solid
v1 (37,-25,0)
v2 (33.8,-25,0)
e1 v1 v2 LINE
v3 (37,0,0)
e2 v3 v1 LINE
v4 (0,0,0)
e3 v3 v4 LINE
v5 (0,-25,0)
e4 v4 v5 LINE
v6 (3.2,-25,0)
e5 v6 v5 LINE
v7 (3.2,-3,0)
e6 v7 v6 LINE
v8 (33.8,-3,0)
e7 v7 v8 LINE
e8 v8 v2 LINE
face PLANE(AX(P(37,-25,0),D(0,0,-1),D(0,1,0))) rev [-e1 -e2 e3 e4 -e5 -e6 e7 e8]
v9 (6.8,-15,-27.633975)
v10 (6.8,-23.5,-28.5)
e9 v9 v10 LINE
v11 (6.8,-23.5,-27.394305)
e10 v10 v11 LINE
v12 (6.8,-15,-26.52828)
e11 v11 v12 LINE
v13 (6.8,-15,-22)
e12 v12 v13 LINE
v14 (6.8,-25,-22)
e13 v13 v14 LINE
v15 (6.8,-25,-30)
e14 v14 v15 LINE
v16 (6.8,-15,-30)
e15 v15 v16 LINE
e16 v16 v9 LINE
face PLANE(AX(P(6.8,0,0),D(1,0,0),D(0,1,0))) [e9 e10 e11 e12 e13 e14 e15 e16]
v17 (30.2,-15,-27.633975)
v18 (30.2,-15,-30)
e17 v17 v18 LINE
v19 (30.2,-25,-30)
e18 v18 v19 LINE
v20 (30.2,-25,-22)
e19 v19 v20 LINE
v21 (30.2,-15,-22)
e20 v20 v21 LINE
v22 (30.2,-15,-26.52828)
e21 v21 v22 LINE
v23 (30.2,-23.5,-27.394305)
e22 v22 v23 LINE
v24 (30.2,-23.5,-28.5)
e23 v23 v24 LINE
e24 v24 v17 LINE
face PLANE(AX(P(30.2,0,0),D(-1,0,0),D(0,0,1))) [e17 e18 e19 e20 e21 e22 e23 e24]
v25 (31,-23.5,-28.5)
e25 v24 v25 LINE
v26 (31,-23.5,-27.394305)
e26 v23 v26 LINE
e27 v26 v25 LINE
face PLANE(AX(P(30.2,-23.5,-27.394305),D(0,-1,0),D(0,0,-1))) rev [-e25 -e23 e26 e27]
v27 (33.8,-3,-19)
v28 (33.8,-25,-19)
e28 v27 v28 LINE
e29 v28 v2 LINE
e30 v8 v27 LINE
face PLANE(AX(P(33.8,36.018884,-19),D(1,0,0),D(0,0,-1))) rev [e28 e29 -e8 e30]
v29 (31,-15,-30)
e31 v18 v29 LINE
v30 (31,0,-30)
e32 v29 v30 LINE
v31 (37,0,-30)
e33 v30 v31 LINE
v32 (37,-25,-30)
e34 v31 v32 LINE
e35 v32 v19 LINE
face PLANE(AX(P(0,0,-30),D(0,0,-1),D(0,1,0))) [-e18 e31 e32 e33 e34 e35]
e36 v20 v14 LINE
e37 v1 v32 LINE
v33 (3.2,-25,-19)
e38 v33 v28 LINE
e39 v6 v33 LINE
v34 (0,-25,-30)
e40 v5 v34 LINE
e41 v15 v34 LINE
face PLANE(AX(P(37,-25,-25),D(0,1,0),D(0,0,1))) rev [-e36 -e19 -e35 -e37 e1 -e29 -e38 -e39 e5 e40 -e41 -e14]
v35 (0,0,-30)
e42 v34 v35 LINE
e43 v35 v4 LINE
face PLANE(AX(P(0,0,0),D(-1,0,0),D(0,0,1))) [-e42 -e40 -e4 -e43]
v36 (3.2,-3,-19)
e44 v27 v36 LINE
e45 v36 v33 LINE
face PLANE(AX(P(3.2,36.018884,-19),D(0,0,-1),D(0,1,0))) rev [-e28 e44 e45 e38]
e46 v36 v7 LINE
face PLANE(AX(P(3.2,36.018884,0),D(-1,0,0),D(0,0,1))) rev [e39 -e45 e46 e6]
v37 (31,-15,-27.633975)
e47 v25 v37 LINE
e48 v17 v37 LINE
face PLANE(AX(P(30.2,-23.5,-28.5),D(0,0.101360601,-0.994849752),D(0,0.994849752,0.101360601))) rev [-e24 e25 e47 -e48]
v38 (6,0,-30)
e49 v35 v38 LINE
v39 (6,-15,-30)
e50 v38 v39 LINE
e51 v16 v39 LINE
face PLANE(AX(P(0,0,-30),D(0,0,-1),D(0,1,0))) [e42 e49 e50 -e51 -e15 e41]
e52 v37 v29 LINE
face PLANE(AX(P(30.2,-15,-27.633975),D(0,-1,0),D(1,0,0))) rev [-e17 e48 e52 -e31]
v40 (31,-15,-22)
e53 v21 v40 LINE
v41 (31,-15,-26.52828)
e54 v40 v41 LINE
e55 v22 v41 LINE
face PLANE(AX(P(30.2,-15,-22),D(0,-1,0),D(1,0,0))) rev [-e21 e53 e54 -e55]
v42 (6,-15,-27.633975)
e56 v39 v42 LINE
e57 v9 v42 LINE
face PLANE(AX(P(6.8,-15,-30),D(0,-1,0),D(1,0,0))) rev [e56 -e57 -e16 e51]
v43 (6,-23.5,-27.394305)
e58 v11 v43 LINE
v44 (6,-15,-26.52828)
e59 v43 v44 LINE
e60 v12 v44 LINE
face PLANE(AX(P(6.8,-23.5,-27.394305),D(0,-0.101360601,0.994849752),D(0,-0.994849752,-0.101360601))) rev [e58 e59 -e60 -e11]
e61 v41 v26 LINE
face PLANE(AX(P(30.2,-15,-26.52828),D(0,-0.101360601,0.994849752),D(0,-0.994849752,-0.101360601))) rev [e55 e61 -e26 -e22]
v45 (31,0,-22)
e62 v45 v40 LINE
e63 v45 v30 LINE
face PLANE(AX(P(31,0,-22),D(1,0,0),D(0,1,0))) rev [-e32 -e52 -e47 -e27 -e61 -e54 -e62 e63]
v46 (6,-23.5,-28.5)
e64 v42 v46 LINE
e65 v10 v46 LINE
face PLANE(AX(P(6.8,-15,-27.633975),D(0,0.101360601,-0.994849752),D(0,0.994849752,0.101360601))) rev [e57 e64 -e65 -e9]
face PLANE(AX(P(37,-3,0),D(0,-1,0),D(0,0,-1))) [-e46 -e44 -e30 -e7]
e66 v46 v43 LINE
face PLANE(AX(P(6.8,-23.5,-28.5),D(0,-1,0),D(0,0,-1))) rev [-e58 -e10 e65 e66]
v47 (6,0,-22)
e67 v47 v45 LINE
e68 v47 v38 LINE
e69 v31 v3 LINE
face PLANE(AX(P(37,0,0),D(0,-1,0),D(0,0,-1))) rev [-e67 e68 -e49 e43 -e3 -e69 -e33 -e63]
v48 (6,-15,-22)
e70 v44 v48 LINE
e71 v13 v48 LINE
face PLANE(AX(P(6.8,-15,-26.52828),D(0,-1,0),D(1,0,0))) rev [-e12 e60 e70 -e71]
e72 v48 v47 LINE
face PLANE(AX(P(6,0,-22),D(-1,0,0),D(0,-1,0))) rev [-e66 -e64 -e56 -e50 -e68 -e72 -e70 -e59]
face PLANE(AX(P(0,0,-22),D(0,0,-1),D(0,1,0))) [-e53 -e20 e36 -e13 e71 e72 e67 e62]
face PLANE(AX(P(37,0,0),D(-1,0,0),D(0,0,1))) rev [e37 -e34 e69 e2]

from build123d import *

# Parameters (mm, degrees)
SKETCH1_W           = 25
SKETCH1_H           = 25
BOSS_EXTRUDE1_DEPTH = 37
SKETCH2_W           = 30.6
SKETCH2_H           = 19
CUT_EXTRUDE1_DEPTH  = 22
SKETCH3_W           = 25
SKETCH3_H           = 25
CUT_EXTRUDE2_DEPTH  = 3
SKETCH4_W           = 6
SKETCH4_H           = 25
BOSS_EXTRUDE2_DEPTH = 5
BOSS_EXTRUDE3_DEPTH = 0.8
BOSS_EXTRUDE4_DEPTH = 0.8


with BuildPart() as part:
    # Sketch1 → Boss-Extrude1 (new body)
    with BuildSketch(Plane(origin=(0, 0, 0), x_dir=(0, 0, -1), z_dir=(1, 0, 0))):
        with Locations((12.5, -12.5)):
            Rectangle(SKETCH1_W, SKETCH1_H)
    extrude(amount=BOSS_EXTRUDE1_DEPTH)

    # Sketch2 → Cut-Extrude1 (cut)
    with BuildSketch(Plane.XZ.offset(25)):
        with Locations((18.5, -9.5)):
            Rectangle(SKETCH2_W, SKETCH2_H)
    extrude(amount=-CUT_EXTRUDE1_DEPTH, mode=Mode.SUBTRACT)

    # Sketch3 → Cut-Extrude2 (cut)
    with BuildSketch(Plane(origin=(0, 0, -25), x_dir=(-1, 0, 0), z_dir=(0, 0, -1))):
        with Locations((-18.5, -12.5)):
            Rectangle(SKETCH3_W, SKETCH3_H)
    extrude(amount=-CUT_EXTRUDE2_DEPTH, mode=Mode.SUBTRACT)

    # Sketch4 → Boss-Extrude2 (add)
    with BuildSketch(Plane(origin=(0, 0, -25), x_dir=(-1, 0, 0), z_dir=(0, 0, -1))):
        with Locations((-34, -12.5)):
            Rectangle(SKETCH4_W, SKETCH4_H)
        with Locations((-3, -12.5)):
            Rectangle(SKETCH4_W, SKETCH4_H)
    extrude(amount=BOSS_EXTRUDE2_DEPTH)

    # Sketch5 → Boss-Extrude3 (add)
    with BuildSketch(Plane(origin=(6, 0, 0), x_dir=(0, 0, -1), z_dir=(1, 0, 0))):
        Polygon((30, -15), (27.633974643, -15), (28.5, -23.5), (27.394305398, -23.5), (26.528280041, -15), (22, -15), (22, -25), (30, -25), align=None)
    extrude(amount=BOSS_EXTRUDE3_DEPTH)

    # Sketch6 → Boss-Extrude4 (add)
    with BuildSketch(Plane.ZY.offset(-31)):
        Polygon((-30, -15), (-30, -25), (-22, -25), (-22, -15), (-26.528280041, -15), (-27.394305398, -23.5), (-28.5, -23.5), (-27.633974643, -15), align=None)
    extrude(amount=BOSS_EXTRUDE4_DEPTH)


solid = part.part
